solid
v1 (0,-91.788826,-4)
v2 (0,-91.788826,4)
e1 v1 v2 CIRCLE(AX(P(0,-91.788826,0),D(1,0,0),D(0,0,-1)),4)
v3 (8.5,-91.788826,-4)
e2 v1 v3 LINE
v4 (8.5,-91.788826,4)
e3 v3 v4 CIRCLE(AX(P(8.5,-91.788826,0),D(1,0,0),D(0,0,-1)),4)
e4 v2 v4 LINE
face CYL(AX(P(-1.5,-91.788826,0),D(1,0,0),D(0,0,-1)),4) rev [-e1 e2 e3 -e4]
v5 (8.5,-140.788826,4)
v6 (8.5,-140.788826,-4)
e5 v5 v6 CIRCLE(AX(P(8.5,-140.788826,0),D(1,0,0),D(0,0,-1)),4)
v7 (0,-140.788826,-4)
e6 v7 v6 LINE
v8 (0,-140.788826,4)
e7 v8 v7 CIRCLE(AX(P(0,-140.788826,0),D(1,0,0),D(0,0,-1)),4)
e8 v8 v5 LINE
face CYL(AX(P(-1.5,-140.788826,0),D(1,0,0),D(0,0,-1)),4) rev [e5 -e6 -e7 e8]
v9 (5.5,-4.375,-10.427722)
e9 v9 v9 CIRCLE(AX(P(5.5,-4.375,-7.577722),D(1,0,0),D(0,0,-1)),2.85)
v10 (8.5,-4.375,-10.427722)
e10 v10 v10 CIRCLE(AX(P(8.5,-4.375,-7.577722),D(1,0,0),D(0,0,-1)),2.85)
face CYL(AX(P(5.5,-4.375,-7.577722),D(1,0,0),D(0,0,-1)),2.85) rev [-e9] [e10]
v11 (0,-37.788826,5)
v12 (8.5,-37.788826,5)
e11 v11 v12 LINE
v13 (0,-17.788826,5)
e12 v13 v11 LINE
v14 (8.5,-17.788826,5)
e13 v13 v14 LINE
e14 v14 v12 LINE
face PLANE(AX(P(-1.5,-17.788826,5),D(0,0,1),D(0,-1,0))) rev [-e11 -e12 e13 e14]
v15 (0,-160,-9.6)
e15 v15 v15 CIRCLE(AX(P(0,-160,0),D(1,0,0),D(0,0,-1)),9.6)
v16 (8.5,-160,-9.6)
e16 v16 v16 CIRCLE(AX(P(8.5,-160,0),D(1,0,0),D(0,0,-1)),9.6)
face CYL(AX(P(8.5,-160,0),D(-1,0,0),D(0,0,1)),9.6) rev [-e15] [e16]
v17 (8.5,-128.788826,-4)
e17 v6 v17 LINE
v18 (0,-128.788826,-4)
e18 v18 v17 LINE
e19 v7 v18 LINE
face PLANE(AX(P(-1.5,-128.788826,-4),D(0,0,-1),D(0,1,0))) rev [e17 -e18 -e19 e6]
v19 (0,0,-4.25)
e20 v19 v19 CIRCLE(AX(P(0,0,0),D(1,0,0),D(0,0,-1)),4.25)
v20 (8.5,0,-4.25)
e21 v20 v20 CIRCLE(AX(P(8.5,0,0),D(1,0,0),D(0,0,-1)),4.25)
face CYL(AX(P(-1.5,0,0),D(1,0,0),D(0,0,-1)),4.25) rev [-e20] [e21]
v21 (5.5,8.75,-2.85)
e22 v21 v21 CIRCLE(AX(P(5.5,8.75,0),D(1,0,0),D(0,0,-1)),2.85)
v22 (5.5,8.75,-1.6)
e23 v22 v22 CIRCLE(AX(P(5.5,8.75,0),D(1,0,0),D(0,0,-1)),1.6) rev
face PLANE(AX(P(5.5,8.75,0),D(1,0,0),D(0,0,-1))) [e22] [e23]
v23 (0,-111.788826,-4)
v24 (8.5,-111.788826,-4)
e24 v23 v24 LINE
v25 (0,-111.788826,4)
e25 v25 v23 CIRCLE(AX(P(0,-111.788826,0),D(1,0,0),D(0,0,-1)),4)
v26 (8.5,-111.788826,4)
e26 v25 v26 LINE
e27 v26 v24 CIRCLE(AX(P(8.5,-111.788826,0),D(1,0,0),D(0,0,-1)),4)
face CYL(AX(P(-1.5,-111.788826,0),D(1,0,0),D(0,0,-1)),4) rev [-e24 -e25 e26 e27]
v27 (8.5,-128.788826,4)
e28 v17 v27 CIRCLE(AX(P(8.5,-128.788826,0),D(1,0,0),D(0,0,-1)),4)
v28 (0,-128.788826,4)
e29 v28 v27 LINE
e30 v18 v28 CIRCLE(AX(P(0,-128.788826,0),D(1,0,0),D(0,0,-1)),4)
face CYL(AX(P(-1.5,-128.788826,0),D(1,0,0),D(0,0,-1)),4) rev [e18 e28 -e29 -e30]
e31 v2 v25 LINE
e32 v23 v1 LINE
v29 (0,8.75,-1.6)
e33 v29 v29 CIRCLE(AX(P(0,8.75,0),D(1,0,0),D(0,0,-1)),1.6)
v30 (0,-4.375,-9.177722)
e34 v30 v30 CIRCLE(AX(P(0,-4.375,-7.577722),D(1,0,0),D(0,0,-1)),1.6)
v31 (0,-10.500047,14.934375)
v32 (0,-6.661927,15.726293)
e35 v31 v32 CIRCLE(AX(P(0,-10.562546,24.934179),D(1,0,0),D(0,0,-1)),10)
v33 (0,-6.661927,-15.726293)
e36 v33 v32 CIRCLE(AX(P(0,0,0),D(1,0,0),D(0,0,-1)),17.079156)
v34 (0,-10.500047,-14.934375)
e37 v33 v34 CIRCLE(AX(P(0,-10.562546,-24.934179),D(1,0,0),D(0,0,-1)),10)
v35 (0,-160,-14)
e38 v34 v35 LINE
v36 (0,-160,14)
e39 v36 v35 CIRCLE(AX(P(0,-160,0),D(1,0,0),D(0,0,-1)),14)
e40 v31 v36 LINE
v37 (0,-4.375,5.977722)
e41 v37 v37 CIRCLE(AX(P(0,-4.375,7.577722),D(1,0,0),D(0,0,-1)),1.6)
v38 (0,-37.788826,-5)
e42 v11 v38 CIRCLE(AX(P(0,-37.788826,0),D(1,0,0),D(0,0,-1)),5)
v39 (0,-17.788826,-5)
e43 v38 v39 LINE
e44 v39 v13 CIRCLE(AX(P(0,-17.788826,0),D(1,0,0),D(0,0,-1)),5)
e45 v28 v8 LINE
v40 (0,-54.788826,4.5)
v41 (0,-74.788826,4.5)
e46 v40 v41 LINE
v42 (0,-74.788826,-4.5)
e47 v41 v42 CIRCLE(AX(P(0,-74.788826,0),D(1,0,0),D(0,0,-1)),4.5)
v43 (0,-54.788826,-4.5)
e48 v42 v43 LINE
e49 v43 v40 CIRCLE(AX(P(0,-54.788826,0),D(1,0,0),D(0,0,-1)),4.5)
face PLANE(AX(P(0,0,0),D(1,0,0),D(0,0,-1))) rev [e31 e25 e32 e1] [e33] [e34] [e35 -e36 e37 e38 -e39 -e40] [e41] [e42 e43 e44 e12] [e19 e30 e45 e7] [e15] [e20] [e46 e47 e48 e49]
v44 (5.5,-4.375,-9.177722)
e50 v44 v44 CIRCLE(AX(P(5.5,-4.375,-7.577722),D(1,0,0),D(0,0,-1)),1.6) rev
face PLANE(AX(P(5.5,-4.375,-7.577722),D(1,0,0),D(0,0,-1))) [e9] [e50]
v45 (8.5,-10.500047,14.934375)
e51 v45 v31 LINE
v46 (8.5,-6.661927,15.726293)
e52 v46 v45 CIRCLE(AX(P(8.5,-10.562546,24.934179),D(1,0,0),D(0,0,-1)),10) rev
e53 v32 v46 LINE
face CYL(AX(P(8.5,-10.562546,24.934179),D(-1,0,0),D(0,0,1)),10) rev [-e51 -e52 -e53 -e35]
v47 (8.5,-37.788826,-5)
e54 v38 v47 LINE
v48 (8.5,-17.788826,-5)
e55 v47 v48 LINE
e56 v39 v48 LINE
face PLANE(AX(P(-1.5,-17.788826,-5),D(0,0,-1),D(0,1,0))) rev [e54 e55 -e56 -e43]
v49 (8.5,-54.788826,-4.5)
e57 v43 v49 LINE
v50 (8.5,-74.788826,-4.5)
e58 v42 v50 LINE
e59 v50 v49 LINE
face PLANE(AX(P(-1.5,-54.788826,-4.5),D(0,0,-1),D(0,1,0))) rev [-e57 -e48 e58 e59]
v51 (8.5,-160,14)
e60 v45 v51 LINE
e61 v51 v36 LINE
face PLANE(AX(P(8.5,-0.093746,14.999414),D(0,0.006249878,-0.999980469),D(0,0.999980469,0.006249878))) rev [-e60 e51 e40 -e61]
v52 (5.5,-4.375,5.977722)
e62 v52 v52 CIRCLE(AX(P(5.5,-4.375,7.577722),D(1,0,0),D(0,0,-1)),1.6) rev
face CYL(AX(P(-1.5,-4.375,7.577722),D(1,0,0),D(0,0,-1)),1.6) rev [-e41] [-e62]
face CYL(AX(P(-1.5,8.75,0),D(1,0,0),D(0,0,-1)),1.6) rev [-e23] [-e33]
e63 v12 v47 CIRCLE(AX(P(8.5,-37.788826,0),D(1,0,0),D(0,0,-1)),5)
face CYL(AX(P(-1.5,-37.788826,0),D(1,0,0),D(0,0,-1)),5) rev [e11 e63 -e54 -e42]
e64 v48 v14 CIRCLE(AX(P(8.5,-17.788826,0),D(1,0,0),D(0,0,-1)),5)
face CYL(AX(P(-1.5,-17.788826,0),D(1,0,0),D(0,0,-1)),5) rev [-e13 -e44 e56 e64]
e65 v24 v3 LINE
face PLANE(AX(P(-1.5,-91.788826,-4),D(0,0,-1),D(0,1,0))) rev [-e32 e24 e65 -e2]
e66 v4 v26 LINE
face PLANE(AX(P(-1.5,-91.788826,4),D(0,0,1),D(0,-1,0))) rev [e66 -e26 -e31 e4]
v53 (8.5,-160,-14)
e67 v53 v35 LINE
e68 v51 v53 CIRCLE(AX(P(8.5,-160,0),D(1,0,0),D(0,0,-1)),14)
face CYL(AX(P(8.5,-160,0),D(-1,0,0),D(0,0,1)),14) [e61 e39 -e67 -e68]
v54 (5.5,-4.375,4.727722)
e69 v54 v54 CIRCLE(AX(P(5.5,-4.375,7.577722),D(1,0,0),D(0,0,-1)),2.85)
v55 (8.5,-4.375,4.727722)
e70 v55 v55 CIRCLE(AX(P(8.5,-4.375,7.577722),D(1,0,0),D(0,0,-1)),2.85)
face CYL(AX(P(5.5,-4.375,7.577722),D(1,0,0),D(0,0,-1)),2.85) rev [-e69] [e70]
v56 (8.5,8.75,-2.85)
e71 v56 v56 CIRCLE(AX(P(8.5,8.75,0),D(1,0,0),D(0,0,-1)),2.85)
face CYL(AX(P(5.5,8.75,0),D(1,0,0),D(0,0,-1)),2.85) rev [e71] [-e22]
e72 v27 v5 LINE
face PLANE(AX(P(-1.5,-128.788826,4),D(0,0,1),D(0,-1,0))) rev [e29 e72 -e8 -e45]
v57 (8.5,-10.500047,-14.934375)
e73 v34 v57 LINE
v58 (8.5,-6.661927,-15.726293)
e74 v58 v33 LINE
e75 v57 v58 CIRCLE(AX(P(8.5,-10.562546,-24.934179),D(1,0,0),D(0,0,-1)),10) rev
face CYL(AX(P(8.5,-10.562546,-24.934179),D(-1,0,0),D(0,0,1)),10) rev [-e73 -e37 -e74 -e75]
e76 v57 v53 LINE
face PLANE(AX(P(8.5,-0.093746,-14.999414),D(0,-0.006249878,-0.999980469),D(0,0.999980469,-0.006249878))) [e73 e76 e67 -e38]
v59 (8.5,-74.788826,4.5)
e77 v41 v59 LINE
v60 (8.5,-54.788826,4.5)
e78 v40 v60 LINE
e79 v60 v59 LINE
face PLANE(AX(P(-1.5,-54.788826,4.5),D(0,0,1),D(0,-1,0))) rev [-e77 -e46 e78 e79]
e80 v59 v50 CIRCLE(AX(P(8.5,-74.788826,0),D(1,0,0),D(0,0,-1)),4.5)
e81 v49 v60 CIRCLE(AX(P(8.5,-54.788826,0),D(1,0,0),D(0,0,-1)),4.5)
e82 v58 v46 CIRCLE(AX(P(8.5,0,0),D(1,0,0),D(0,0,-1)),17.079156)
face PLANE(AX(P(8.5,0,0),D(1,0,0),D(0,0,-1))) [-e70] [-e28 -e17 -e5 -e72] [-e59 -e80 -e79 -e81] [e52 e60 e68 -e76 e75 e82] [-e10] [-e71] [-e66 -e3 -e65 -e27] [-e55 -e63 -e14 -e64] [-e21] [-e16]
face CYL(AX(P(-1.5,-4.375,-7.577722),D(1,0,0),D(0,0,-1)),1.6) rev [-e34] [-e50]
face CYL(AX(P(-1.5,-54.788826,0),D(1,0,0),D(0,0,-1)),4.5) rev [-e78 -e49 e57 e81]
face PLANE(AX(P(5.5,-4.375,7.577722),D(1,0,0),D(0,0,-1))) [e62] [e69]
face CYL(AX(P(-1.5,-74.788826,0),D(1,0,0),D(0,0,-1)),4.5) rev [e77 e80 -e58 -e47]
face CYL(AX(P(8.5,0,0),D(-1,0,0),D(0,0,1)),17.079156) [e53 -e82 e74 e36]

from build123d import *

# Parameters (mm, degrees)
SKETCH_3_R          = 9.6
EXTRUDE_1_DEPTH     = 8.5
SKETCH_4_R          = 4.25
SKETCH_4_R_2        = 1.6
CUT_EXTRUDE_1_DEPTH = 10
SKETCH_5_R          = 2.85
CUT_EXTRUDE_2_DEPTH = 3
CUT_EXTRUDE_3_DEPTH = 10
FILLET_1_R          = 10


with BuildPart() as part:
    # 草图3 → 凸台-拉伸1 (new body)
    with BuildSketch(Plane(origin=(0, 0, 0), x_dir=(0, 0, -1), z_dir=(1, 0, 0))):
        with BuildLine():
            Line((14, -160), (14.948368861, -8.260982254))
            ThreePointArc((14.948368861, -8.260982254), (0, 17.0791557), (-14.948368861, -8.260982254))
            Line((-14.948368861, -8.260982254), (-14, -160))
            ThreePointArc((-14, -160), (0, -174), (14, -160))
        make_face()
        with Locations((0, -160)):
            Circle(SKETCH_3_R, mode=Mode.SUBTRACT)
    extrude(amount=EXTRUDE_1_DEPTH)

    # 草图4 → 切除-拉伸1 (cut)
    with BuildSketch(Plane(origin=(8.5, 0, 0), x_dir=(0, 0, -1), z_dir=(1, 0, 0))):
        Circle(SKETCH_4_R)
        with Locations((0, 8.75)):
            Circle(SKETCH_4_R_2)
        with Locations((7.577722283, -4.375)):
            Circle(SKETCH_4_R_2)
        with Locations((-7.577722283, -4.375)):
            Circle(SKETCH_4_R_2)
    extrude(amount=-CUT_EXTRUDE_1_DEPTH, mode=Mode.SUBTRACT)

    # 草图5 → 切除-拉伸2 (cut)
    with BuildSketch(Plane(origin=(8.5, 0, 0), x_dir=(0, 0, -1), z_dir=(1, 0, 0))):
        with Locations((0, 8.75)):
            Circle(SKETCH_5_R)
        with Locations((7.577722283, -4.375)):
            Circle(SKETCH_5_R)
        with Locations((-7.577722283, -4.375)):
            Circle(SKETCH_5_R)
    extrude(amount=-CUT_EXTRUDE_2_DEPTH, mode=Mode.SUBTRACT)

    # 草图6 → 切除-拉伸3 (cut)
    with BuildSketch(Plane(origin=(8.5, 0, 0), x_dir=(0, 0, -1), z_dir=(1, 0, 0))):
        with BuildLine():
            Line((5, -17.788825977), (5, -37.788825977))
            ThreePointArc((5, -37.788825977), (0, -42.788825977), (-5, -37.788825977))
            Line((-5, -37.788825977), (-5, -17.788825977))
            ThreePointArc((-5, -17.788825977), (0, -12.788825977), (5, -17.788825977))
        make_face()
        with BuildLine():
            Line((4.5, -54.788825977), (4.5, -74.788825977))
            ThreePointArc((4.5, -74.788825977), (0, -79.288825977), (-4.5, -74.788825977))
            Line((-4.5, -74.788825977), (-4.5, -54.788825977))
            ThreePointArc((-4.5, -54.788825977), (0, -50.288825977), (4.5, -54.788825977))
        make_face()
        with BuildLine():
            Line((4, -91.788825977), (4, -111.788825977))
            ThreePointArc((4, -111.788825977), (0, -115.788825977), (-4, -111.788825977))
            Line((-4, -111.788825977), (-4, -91.788825977))
            ThreePointArc((-4, -91.788825977), (0, -87.788825977), (4, -91.788825977))
        make_face()
        with BuildLine():
            Line((4, -128.788825977), (4, -140.788825977))
            ThreePointArc((4, -140.788825977), (0, -144.788825977), (-4, -140.788825977))
            Line((-4, -140.788825977), (-4, -128.788825977))
            ThreePointArc((-4, -128.788825977), (0, -124.788825977), (4, -128.788825977))
        make_face()
    extrude(amount=-CUT_EXTRUDE_3_DEPTH, mode=Mode.SUBTRACT)

    # 圆角1
    fillet_1_edges = [part.edges().sort_by_distance(p)[0] for p in [
        (4.25, -8.260982254, 14.948368861),
        (4.25, -8.260982254, -14.948368861),
    ]]
    fillet(fillet_1_edges, radius=FILLET_1_R)


solid = part.part
